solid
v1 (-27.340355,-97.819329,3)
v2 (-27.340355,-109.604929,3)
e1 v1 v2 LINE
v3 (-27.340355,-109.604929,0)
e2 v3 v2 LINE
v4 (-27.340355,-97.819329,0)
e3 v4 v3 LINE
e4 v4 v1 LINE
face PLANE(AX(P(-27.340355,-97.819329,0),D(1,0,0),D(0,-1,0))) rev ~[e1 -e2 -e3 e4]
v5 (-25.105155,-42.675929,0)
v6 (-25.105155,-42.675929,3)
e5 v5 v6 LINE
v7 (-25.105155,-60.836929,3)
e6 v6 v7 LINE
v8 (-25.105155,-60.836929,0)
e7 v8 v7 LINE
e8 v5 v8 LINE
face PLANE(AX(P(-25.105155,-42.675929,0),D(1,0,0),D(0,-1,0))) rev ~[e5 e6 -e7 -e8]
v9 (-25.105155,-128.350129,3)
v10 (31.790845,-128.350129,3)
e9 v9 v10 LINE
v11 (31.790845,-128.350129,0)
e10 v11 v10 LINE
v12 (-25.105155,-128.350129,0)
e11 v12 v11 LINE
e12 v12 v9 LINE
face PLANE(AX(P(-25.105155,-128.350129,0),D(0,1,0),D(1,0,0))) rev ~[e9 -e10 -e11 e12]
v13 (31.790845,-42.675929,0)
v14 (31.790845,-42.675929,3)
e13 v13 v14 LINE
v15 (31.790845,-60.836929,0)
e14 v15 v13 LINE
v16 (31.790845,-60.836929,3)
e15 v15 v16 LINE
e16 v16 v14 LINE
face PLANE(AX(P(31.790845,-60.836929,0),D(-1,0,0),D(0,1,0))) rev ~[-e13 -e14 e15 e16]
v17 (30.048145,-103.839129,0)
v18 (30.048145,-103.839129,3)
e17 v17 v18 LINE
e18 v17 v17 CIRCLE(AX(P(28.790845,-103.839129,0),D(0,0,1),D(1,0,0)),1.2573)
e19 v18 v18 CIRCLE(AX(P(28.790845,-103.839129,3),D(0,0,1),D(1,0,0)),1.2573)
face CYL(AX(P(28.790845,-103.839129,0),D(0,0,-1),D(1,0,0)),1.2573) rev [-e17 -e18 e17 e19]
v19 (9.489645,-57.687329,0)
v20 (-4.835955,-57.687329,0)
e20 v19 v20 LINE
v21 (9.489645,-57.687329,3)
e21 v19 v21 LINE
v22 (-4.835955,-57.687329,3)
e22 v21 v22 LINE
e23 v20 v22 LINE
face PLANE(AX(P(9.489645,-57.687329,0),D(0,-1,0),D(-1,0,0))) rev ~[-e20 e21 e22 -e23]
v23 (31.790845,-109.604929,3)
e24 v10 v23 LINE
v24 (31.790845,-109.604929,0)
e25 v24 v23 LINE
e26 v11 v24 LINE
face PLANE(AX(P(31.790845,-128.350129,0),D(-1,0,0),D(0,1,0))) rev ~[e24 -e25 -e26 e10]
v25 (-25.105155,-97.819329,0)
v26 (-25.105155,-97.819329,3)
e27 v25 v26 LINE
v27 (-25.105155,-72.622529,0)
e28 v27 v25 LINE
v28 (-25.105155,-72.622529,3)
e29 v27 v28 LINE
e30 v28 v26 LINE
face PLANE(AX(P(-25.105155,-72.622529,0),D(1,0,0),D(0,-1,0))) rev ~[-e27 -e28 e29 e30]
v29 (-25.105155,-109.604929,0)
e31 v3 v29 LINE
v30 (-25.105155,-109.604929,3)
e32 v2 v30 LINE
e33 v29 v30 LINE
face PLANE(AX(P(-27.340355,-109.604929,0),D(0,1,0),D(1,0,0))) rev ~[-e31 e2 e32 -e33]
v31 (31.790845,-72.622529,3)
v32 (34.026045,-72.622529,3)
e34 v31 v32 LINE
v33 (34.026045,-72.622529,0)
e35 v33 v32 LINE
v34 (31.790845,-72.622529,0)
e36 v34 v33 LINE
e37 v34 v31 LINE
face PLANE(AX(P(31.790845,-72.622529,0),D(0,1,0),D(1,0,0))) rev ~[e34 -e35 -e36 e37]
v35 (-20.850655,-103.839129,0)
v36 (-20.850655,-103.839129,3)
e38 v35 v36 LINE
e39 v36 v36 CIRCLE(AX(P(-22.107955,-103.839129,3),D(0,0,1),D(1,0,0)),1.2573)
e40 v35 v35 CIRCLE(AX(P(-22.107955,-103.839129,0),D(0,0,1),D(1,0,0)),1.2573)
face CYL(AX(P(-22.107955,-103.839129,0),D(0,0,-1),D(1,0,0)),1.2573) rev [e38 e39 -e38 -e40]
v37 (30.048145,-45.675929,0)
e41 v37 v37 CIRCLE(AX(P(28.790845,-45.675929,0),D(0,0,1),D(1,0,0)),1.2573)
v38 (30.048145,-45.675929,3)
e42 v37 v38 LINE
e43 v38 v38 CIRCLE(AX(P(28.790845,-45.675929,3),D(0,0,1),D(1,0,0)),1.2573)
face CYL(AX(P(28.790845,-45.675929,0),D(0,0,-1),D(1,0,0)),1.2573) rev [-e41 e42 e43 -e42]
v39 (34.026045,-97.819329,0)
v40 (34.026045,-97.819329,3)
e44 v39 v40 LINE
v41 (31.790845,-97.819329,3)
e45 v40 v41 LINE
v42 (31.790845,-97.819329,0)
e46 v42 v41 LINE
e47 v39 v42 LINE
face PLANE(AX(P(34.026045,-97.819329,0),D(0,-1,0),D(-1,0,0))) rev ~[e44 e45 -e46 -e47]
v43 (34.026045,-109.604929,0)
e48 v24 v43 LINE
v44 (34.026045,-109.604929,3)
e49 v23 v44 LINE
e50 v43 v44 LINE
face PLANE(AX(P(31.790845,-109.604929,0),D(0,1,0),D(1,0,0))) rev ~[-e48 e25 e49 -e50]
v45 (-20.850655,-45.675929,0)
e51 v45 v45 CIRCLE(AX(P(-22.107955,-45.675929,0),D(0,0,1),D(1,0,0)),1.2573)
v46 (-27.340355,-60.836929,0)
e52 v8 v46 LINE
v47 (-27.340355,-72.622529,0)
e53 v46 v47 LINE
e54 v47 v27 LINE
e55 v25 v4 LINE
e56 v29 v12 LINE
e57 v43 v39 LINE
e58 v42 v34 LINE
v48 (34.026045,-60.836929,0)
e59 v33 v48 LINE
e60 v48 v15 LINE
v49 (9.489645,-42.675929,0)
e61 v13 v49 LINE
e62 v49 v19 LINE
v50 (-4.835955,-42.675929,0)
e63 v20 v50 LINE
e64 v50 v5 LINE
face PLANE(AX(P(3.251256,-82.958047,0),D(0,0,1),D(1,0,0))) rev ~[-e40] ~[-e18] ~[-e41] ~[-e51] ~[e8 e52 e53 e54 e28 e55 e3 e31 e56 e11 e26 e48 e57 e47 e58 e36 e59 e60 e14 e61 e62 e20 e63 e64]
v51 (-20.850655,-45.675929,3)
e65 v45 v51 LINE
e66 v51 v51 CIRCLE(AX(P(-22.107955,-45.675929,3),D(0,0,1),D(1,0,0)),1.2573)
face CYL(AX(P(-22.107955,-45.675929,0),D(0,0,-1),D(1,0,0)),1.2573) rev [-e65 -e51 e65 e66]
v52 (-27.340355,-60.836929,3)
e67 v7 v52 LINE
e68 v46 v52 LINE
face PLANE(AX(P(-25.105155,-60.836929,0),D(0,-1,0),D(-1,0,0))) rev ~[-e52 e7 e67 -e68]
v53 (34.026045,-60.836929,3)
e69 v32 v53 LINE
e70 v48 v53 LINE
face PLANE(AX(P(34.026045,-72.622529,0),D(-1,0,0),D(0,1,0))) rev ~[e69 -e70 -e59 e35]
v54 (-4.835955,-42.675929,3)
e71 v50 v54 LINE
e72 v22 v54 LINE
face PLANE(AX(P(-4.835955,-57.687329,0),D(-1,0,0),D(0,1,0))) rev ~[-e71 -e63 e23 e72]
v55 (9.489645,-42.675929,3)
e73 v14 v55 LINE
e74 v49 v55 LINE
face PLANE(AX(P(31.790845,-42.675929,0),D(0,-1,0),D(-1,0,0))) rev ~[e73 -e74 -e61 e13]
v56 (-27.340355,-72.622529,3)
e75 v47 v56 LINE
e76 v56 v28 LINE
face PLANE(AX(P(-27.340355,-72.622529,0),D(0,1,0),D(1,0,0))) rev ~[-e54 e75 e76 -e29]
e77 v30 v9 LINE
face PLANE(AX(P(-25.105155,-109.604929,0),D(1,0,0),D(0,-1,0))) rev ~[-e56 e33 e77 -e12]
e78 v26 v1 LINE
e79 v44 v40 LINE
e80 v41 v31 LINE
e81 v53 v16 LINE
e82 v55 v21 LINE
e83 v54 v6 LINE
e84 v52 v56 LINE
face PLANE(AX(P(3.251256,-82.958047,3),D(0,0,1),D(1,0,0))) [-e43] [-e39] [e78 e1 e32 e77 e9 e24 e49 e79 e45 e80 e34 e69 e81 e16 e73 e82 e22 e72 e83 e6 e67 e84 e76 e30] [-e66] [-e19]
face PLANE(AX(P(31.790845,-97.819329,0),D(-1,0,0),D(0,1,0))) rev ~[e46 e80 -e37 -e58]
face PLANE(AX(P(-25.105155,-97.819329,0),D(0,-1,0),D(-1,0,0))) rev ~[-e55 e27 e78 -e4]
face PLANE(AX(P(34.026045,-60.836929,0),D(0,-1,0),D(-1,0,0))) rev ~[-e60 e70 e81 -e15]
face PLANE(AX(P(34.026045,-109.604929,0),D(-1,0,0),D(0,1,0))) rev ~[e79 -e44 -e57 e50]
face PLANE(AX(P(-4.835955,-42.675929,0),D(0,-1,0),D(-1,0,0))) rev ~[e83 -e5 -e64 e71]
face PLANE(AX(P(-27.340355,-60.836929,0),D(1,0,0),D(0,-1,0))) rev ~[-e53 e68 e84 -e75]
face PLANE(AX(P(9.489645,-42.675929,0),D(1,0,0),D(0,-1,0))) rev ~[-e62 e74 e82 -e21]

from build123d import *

# Parameters (mm, degrees)
F0_R     = 1.2573
F1_DEPTH = 3


with BuildPart() as f1:
    # F0 (on Top) → F1 (new body)
    with BuildSketch(Plane.XY):
        Polygon((-4.835955, -42.675929), (-25.105155, -42.675929), (-25.105155, -60.836929), (-27.340355, -60.836929), (-27.340355, -72.622529), (-25.105155, -72.622529), (-25.105155, -97.819329), (-27.340355, -97.819329), (-27.340355, -109.604929), (-25.105155, -109.604929), (-25.105155, -128.350129), (31.790845, -128.350129), (31.790845, -109.604929), (34.026045, -109.604929), (34.026045, -97.819329), (31.790845, -97.819329), (31.790845, -72.622529), (34.026045, -72.622529), (34.026045, -60.836929), (31.790845, -60.836929), (31.790845, -42.675929), (9.489645, -42.675929), (9.489645, -57.687329), (-4.835955, -57.687329), align=None)
        with Locations((-22.107955, -103.839129)):
            Circle(F0_R, mode=Mode.SUBTRACT)
        with Locations((28.790845, -103.839129)):
            Circle(F0_R, mode=Mode.SUBTRACT)
        with Locations((-22.107955, -45.675929)):
            Circle(F0_R, mode=Mode.SUBTRACT)
        with Locations((28.790845, -45.675929)):
            Circle(F0_R, mode=Mode.SUBTRACT)
    extrude(amount=F1_DEPTH)


solid = f1.part
